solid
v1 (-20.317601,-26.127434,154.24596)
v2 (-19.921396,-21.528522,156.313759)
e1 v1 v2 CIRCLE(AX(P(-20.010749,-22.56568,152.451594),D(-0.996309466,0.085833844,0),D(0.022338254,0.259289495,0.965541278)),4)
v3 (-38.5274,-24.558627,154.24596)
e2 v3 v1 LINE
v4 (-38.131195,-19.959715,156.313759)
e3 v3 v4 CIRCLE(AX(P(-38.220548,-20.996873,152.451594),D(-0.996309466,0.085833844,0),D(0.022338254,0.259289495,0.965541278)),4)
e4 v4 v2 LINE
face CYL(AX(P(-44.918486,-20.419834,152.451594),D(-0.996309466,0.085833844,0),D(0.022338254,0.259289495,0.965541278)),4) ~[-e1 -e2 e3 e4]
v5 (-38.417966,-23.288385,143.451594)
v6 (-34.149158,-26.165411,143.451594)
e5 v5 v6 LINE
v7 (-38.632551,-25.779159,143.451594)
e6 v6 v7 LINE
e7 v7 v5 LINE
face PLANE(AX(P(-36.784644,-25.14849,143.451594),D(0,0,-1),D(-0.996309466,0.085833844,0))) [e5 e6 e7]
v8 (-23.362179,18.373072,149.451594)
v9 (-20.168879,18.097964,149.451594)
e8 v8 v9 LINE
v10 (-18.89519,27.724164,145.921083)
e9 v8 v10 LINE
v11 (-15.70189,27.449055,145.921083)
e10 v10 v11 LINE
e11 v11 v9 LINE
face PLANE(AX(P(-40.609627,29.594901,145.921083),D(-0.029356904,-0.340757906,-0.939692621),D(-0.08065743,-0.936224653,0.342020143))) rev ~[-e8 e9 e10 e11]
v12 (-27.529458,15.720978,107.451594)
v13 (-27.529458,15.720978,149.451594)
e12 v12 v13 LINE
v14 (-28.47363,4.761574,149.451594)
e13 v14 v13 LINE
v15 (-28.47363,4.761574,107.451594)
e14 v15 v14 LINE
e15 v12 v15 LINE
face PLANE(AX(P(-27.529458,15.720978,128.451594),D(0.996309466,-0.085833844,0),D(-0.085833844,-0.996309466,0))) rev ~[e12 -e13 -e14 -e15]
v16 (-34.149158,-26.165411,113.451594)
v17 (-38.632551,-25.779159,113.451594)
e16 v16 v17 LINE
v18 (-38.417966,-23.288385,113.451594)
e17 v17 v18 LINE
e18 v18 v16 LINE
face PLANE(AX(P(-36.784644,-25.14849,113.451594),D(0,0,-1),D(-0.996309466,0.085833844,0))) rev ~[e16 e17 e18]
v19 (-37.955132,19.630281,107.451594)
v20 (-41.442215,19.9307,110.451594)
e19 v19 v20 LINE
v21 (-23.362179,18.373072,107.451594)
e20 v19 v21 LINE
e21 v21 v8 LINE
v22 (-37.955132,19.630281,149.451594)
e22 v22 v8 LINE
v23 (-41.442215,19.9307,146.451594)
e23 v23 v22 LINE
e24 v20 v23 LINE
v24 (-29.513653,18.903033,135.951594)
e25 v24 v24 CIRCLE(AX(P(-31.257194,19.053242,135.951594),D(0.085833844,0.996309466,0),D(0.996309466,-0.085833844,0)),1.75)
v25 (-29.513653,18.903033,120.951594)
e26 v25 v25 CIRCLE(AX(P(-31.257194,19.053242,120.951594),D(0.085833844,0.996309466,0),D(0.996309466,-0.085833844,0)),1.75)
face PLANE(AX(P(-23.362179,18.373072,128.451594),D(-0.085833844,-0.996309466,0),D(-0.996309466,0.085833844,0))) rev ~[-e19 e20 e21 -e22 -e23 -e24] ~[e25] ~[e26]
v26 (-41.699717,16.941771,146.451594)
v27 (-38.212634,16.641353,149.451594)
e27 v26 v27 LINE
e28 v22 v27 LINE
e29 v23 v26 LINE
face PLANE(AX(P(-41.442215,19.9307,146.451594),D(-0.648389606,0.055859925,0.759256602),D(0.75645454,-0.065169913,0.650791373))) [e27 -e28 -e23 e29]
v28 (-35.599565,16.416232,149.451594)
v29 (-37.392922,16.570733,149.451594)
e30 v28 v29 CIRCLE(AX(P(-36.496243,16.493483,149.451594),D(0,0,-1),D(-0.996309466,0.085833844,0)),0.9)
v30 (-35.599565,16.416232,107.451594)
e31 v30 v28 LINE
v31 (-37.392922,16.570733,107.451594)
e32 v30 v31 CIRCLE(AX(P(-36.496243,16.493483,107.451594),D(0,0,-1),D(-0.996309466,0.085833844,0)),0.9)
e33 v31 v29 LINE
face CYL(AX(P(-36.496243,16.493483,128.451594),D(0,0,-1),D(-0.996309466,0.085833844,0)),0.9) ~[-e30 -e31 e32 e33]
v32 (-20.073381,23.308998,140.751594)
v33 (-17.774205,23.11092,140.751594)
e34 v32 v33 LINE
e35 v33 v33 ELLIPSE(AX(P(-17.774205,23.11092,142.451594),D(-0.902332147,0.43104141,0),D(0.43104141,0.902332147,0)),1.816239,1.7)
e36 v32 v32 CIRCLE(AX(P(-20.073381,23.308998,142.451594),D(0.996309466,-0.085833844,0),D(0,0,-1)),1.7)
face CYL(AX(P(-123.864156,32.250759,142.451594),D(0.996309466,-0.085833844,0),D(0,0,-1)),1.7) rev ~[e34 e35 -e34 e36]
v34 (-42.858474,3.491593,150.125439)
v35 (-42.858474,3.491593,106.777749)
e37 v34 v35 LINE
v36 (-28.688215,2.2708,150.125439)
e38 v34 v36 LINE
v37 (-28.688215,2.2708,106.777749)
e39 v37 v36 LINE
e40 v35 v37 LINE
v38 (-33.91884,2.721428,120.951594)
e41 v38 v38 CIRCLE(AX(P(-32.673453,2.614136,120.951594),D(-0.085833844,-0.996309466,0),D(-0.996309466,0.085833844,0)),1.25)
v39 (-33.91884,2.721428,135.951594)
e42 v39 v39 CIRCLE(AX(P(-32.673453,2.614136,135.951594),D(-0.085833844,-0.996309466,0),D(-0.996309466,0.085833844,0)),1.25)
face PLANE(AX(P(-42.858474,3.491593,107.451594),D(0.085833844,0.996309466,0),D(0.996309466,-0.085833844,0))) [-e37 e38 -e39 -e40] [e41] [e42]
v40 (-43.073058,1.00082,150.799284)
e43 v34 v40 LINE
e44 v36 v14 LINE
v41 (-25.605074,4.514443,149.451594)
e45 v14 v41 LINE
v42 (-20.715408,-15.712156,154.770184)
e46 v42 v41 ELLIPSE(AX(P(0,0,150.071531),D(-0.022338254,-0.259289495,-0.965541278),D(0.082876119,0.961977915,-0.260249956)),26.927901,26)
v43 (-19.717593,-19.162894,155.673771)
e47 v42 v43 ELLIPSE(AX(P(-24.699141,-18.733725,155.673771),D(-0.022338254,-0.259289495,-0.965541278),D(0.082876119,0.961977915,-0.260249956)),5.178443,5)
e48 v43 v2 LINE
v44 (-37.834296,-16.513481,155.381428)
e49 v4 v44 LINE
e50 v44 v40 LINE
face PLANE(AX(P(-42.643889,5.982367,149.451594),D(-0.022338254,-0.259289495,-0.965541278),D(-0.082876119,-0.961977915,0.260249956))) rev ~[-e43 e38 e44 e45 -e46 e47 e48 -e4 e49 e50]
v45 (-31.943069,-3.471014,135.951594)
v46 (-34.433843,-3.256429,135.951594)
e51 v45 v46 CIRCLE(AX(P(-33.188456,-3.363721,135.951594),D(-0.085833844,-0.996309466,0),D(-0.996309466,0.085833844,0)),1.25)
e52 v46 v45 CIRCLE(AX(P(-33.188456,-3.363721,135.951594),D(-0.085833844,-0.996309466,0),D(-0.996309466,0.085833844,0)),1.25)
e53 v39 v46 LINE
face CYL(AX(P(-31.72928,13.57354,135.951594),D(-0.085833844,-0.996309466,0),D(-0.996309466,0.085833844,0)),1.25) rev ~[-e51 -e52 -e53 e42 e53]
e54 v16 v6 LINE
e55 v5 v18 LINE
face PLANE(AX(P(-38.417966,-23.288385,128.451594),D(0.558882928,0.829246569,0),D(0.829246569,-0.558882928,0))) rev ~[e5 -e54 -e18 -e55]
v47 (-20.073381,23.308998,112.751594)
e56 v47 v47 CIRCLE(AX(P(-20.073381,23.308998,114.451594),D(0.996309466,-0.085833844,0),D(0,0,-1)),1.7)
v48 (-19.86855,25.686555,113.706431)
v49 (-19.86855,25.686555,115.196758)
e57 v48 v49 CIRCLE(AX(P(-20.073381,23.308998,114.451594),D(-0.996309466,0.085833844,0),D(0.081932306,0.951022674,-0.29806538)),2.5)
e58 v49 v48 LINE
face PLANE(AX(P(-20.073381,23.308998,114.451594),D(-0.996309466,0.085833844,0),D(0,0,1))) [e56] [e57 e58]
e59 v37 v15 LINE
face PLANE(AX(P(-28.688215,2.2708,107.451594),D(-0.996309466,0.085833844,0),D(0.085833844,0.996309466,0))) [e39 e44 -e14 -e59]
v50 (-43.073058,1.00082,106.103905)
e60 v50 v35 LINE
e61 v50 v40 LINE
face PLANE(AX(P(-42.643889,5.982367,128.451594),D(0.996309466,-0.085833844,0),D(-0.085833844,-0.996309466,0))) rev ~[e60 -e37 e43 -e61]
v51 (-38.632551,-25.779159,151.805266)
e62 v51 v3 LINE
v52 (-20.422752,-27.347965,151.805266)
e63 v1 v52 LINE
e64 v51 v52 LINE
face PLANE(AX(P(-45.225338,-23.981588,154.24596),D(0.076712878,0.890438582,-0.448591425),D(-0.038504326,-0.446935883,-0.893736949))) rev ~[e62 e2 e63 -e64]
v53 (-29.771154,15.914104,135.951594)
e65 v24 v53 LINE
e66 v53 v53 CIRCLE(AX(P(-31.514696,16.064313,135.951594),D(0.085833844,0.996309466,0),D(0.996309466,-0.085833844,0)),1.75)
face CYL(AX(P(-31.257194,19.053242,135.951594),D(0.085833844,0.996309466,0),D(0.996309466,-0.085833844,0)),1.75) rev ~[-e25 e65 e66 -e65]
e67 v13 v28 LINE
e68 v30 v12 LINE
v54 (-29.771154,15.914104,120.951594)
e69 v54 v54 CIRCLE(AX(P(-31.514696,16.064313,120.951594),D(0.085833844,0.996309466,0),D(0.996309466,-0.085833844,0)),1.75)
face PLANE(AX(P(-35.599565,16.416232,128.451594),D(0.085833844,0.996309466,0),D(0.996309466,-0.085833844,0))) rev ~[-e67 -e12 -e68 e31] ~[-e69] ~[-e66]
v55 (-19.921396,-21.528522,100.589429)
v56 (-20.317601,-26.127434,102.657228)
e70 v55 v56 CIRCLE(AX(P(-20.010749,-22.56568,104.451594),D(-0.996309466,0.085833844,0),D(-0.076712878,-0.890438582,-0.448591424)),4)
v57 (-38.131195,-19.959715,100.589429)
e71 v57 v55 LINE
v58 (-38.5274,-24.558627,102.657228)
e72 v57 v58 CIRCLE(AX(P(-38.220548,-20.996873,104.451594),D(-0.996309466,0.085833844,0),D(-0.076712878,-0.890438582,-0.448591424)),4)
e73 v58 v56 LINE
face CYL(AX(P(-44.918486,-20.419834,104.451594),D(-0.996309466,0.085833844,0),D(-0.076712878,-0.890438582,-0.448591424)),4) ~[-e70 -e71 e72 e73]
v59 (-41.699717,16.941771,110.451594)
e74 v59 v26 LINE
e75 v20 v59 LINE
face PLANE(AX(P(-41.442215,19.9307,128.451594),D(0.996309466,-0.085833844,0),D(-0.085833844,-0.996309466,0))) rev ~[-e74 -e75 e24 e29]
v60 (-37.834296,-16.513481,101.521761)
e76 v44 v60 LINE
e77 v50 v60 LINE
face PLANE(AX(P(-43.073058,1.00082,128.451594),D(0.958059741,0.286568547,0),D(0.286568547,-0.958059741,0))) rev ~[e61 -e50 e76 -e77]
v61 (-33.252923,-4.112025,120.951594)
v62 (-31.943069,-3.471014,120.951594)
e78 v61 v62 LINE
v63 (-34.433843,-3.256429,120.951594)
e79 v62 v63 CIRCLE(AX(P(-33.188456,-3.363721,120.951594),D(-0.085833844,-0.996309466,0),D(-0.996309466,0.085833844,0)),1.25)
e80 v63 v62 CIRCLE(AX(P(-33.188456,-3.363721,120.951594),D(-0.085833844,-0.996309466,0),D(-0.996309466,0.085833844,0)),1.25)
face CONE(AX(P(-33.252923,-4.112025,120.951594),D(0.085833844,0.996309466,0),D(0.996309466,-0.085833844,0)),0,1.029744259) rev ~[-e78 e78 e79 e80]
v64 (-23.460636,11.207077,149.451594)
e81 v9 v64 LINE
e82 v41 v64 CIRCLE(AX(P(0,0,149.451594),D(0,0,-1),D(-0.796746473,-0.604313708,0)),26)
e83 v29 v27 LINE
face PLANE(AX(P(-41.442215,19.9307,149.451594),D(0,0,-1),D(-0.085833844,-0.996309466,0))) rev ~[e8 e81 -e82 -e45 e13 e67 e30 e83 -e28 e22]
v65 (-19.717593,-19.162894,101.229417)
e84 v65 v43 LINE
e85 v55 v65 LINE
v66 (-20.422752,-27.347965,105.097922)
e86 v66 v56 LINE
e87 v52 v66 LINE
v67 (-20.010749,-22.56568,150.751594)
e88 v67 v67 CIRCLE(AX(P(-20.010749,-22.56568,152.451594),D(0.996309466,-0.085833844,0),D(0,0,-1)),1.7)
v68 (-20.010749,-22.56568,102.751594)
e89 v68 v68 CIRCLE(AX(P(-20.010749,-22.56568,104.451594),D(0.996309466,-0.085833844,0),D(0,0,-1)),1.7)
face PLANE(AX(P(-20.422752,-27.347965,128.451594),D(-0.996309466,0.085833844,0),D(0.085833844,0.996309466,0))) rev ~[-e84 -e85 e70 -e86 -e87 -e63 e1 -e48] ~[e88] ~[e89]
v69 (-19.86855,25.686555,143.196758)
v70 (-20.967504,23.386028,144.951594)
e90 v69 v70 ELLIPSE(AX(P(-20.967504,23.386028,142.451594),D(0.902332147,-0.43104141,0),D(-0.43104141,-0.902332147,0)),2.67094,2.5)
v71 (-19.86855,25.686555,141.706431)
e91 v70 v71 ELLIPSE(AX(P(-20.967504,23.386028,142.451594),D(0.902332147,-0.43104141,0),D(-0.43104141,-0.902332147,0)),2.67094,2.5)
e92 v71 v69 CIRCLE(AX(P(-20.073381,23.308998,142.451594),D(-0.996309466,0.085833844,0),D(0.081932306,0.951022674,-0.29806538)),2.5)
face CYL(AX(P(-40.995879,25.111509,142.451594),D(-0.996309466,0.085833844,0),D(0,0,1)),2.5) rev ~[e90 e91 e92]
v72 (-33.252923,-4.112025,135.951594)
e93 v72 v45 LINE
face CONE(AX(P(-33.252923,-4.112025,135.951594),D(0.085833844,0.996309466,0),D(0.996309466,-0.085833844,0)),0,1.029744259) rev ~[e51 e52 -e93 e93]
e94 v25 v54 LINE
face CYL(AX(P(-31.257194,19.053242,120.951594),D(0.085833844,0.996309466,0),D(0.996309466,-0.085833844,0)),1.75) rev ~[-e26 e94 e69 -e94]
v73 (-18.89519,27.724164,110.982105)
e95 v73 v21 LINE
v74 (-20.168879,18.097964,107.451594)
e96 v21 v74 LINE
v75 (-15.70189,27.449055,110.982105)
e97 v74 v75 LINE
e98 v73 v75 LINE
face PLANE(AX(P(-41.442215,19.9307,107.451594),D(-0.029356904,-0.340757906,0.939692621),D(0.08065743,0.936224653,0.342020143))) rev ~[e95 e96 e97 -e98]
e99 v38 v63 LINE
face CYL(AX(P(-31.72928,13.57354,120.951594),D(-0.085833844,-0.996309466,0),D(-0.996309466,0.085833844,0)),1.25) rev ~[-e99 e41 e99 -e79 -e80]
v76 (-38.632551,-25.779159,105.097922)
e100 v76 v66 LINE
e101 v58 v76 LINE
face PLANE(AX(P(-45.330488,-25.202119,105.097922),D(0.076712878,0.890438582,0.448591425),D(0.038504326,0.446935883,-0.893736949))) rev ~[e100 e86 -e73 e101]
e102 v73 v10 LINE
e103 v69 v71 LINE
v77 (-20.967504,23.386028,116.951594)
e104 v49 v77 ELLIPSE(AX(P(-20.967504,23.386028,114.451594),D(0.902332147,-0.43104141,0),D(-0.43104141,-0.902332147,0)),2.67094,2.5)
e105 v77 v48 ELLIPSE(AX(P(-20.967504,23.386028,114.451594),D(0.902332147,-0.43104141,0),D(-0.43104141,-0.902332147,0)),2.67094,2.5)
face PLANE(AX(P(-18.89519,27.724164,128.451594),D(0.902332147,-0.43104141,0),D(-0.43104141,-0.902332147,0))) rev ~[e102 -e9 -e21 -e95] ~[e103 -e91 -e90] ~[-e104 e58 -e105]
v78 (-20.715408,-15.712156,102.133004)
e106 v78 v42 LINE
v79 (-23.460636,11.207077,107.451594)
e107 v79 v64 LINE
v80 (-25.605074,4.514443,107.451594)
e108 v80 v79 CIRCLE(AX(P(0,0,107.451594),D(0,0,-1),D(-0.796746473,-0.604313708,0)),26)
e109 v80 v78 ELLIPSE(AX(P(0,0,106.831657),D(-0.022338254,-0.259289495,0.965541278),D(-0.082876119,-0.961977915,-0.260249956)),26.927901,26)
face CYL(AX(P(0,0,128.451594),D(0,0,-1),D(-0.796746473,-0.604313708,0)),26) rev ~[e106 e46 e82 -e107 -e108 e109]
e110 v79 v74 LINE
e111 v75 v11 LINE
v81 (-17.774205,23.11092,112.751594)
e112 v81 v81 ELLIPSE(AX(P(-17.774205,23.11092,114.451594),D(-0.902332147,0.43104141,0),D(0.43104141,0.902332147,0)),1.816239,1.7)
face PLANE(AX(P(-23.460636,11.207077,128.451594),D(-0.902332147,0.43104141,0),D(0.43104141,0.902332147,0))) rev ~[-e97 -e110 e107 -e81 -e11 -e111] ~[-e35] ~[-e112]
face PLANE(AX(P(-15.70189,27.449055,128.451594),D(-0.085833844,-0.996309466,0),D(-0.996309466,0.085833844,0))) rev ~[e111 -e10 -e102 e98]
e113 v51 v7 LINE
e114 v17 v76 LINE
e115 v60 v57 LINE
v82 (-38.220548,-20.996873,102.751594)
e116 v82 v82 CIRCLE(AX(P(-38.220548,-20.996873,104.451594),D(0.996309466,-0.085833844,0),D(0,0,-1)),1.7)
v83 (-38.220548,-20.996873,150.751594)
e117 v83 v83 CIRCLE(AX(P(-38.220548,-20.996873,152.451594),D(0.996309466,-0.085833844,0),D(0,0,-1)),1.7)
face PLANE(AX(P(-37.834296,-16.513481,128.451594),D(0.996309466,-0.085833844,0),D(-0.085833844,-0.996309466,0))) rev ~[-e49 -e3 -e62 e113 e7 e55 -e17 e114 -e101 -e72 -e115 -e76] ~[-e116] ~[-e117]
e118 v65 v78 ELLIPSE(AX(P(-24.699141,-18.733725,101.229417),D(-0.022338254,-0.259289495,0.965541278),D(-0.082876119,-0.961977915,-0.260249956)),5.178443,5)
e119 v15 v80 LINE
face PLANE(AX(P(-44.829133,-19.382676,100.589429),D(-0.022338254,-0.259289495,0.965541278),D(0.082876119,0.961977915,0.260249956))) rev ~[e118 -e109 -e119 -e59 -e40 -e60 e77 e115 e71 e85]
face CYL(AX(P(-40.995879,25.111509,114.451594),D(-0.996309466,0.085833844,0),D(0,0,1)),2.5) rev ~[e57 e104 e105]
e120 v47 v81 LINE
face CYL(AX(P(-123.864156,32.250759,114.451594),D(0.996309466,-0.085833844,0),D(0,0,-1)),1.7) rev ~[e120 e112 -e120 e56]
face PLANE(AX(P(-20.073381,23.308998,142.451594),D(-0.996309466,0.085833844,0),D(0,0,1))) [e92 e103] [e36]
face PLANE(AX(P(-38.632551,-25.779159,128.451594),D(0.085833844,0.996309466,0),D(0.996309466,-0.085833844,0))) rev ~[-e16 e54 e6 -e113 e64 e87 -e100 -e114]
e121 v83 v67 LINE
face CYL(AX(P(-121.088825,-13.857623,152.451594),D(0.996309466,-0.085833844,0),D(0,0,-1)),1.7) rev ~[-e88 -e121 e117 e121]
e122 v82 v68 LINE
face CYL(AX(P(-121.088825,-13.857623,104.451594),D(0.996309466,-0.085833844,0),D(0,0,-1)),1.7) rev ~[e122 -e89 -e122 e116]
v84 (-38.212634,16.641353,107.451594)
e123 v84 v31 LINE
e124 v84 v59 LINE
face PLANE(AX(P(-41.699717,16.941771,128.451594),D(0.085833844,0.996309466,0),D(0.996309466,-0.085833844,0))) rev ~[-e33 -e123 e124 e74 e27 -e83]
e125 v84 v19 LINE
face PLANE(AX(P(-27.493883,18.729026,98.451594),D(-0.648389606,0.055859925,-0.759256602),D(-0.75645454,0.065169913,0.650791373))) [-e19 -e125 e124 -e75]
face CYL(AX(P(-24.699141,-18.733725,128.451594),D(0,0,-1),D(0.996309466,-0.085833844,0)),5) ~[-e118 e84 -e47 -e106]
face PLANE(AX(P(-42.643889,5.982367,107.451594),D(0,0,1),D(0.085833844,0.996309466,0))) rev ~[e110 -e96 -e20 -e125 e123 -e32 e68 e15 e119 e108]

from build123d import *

# Parameters (mm, degrees)
BOSS_EXTRUDE1_DEPTH            = 30
CUT_EXTRUDE1_DEPTH             = 3
CUT_EXTRUDE2_DEPTH             = 60
CUT_EXTRUDE3_DEPTH             = 15
SKETCH7_R                      = 1.75
CUT_EXTRUDE4_DEPTH             = 3
M3X0_5_TAPPED_HOLE1_D          = 2.5
M3X0_5_TAPPED_HOLE1_DEPTH      = 8.5
M3X0_5_TAPPED_HOLE1_TIP        = 0.751075774
M3_CLEARANCE_HOLE1_D           = 3.4
M3_CLEARANCE_HOLE3_D           = 3.4
SKETCH17_R                     = 2.5
CUT_EXTRUDE5_DEPTH             = 21
CUT_EXTRUDE6_REACH             = 51
CUT_EXTRUDE6_DIRECTION_2_DEPTH = 10


with BuildPart() as part:
    # Sketch2 → Boss-Extrude1 (new body, symmetric)
    with BuildSketch(Plane(origin=(13.451769965, -30.26631601, 128.45159414), x_dir=(-0.996309466, 0.085833844, 0), z_dir=(0, 0, -1))):
        with BuildLine():
            Line((34, 0), (34, 8.215390309))
            ThreePointArc((34, 8.215390309), (34.333717374, 10.011443329), (35.290322581, 11.567746711))
            ThreePointArc((35.290322581, 11.567746711), (41.543974558, 24.151766942), (40.336, 38.152))
            Line((40.336, 38.152), (34, 55))
            Line((34, 55), (37.205128205, 55))
            Line((37.205128205, 55), (40.852991453, 45.3))
            Line((40.852991453, 45.3), (59, 45.3))
            Line((59, 45.3), (59, 42.3))
            Line((59, 42.3), (54.677251476, 42.3))
            ThreePointArc((54.677251476, 42.3), (53.777251476, 41.4), (52.877251476, 42.3))
            Line((52.877251476, 42.3), (44.777251476, 42.3))
            Line((44.777251476, 42.3), (44.777251476, 31.3))
            Line((44.777251476, 31.3), (59, 31.3))
            Line((59, 31.3), (59, 26.3))
            Line((59, 26.3), (52.277251476, 9.3))
            Line((52.277251476, 9.3), (52.277251476, 0))
            Line((52.277251476, 0), (34, 0))
        make_face()
    extrude(amount=BOSS_EXTRUDE1_DEPTH, both=True)

    # Sketch3 → Cut-Extrude1 (cut)
    with BuildSketch(Plane(origin=(1.399091662, 16.239844289, 0), x_dir=(0.996309466, -0.085833844, 0), z_dir=(0.085833844, 0.996309466, 0))):
        Polygon((-43, -98.45159414), (-29, -98.45159414), (-43, -110.45159414), align=None)
        Polygon((-43, -146.45159414), (-29, -158.45159414), (-43, -158.45159414), align=None)
    extrude(amount=-CUT_EXTRUDE1_DEPTH, mode=Mode.SUBTRACT)

    # Sketch4 → Cut-Extrude2 (cut)
    with BuildSketch(Plane(origin=(-42.841307019, 3.690855304, 0), x_dir=(0, 0, 1), z_dir=(-0.996309466, 0.085833844, 0))):
        with BuildLine():
            Line((100.589429026, -23.159000176), (107.45159414, 2.3))
            Line((107.45159414, 2.3), (107.45159414, 16.3))
            Line((107.45159414, 16.3), (110.982105413, 26))
            Line((110.982105413, 26), (98.45159414, 26))
            Line((98.45159414, 26), (98.45159414, -29))
            Line((98.45159414, -29), (105.097922488, -29))
            Line((105.097922488, -29), (102.657228442, -27.774947795))
            ThreePointArc((102.657228442, -27.774947795), (100.801138235, -25.835289481), (100.589429026, -23.159000176))
        make_face()
        with BuildLine():
            Line((158.45159414, -29), (158.45159414, 26))
            Line((158.45159414, 26), (145.921082868, 26))
            Line((145.921082868, 26), (149.45159414, 16.3))
            Line((149.45159414, 16.3), (149.45159414, 2.3))
            Line((149.45159414, 2.3), (156.313759254, -23.159000176))
            ThreePointArc((156.313759254, -23.159000176), (156.102050045, -25.835289481), (154.245959839, -27.774947795))
            Line((154.245959839, -27.774947795), (151.805265792, -29))
            Line((151.805265792, -29), (158.45159414, -29))
        make_face()
    extrude(amount=-CUT_EXTRUDE2_DEPTH, mode=Mode.SUBTRACT)

    # Sketch6 → Cut-Extrude3 (cut, symmetric)
    with BuildSketch(Plane(origin=(13.451769965, -30.26631601, 128.45159414), x_dir=(-0.996309466, 0.085833844, 0), z_dir=(0, 0, -1))):
        Polygon((52.277251476, 0), (52.277251476, 2.5), (47.777251476, 0), align=None)
    extrude(amount=CUT_EXTRUDE3_DEPTH, both=True, mode=Mode.SUBTRACT)

    # Sketch7 → Cut-Extrude4 (cut)
    with BuildSketch(Plane(origin=(1.399091662, 16.239844289, 0), x_dir=(0.996309466, -0.085833844, 0), z_dir=(0.085833844, 0.996309466, 0))):
        with Locations((-32.777251476, -135.95159414)):
            Circle(SKETCH7_R)
        with Locations((-32.777251476, -120.95159414)):
            Circle(SKETCH7_R)
    extrude(amount=-CUT_EXTRUDE4_DEPTH, mode=Mode.SUBTRACT)

    # M3x0.5 Tapped Hole1
    with Locations(Plane(origin=(0.197417842, 2.291511771, 0), x_dir=(0.996309466, -0.085833844, 0), z_dir=(0.085833844, 0.996309466, 0))):
        with Locations((-32.777251476, -135.95159414), (-32.777251476, -120.95159414)):
            Hole(M3X0_5_TAPPED_HOLE1_D / 2, depth=M3X0_5_TAPPED_HOLE1_DEPTH)
            with Locations((0, 0, -(M3X0_5_TAPPED_HOLE1_DEPTH + M3X0_5_TAPPED_HOLE1_TIP / 2))):  # 118° drill point
                Cone(0, M3X0_5_TAPPED_HOLE1_D / 2, M3X0_5_TAPPED_HOLE1_TIP, mode=Mode.SUBTRACT)

    # M3 Clearance Hole1 (through all)
    with Locations(Plane(origin=(-36.143369031, 3.113815954, 0), x_dir=(0, 0, 1), z_dir=(-0.996309466, 0.085833844, 0))):
        with Locations((104.45159414, -24.2), (152.45159414, -24.2)):
            Hole(M3_CLEARANCE_HOLE1_D / 2)

    # M3 Clearance Hole3 (through all)
    with Locations(Plane(origin=(-42.841307019, 3.690855304, 0), x_dir=(0, 0, 1), z_dir=(-0.996309466, 0.085833844, 0))):
        with Locations((114.45159414, 21.5), (142.45159414, 21.5)):
            Hole(M3_CLEARANCE_HOLE3_D / 2)

    # Sketch17 → Cut-Extrude5 (cut)
    with BuildSketch(Plane(origin=(-42.841307019, 3.690855304, 0), x_dir=(0, 0, 1), z_dir=(-0.996309466, 0.085833844, 0))):
        with Locations((114.45159414, 21.5)):
            Circle(SKETCH17_R)
        with Locations((142.45159414, 21.5)):
            Circle(SKETCH17_R)
    extrude(amount=-CUT_EXTRUDE5_DEPTH, mode=Mode.SUBTRACT)

    # Cut-Extrude6: up to this face of the body (flat: up to its plane)
    cut_extrude6_end = Plane(part.part.faces().sort_by_distance((-32.038196273, -7.893745722, 152.932561433))[0])
    # Sketch18 → Cut-Extrude6 (cut, up to the picked face)
    with BuildSketch(Plane(origin=(0, 0, 107.45159414), x_dir=(-1, 0, 0), z_dir=(0, 0, -1)), mode=Mode.PRIVATE) as cut_extrude6_sk1:
        Polygon((28.473630197, 4.761573893), (42.643889178, 5.982367075), (42.858473788, 3.491593411), (28.688214808, 2.270800229), align=None)
    cut_extrude6_tool1 = split(extrude(cut_extrude6_sk1.sketch, amount=-CUT_EXTRUDE6_REACH, mode=Mode.PRIVATE), bisect_by=cut_extrude6_end, keep=Keep.BOTH, mode=Mode.PRIVATE)
    add(cut_extrude6_tool1.solids().sort_by_distance((-35.666052, 4.126584, 107.451594))[0], mode=Mode.SUBTRACT)

    # Sketch18 → Cut-Extrude6 direction 2 (cut)
    with BuildSketch(Plane(origin=(0, 0, 107.45159414), x_dir=(-1, 0, 0), z_dir=(0, 0, -1))):
        Polygon((28.473630197, 4.761573893), (42.643889178, 5.982367075), (42.858473788, 3.491593411), (28.688214808, 2.270800229), align=None)
    extrude(amount=CUT_EXTRUDE6_DIRECTION_2_DEPTH, mode=Mode.SUBTRACT)


solid = part.part
